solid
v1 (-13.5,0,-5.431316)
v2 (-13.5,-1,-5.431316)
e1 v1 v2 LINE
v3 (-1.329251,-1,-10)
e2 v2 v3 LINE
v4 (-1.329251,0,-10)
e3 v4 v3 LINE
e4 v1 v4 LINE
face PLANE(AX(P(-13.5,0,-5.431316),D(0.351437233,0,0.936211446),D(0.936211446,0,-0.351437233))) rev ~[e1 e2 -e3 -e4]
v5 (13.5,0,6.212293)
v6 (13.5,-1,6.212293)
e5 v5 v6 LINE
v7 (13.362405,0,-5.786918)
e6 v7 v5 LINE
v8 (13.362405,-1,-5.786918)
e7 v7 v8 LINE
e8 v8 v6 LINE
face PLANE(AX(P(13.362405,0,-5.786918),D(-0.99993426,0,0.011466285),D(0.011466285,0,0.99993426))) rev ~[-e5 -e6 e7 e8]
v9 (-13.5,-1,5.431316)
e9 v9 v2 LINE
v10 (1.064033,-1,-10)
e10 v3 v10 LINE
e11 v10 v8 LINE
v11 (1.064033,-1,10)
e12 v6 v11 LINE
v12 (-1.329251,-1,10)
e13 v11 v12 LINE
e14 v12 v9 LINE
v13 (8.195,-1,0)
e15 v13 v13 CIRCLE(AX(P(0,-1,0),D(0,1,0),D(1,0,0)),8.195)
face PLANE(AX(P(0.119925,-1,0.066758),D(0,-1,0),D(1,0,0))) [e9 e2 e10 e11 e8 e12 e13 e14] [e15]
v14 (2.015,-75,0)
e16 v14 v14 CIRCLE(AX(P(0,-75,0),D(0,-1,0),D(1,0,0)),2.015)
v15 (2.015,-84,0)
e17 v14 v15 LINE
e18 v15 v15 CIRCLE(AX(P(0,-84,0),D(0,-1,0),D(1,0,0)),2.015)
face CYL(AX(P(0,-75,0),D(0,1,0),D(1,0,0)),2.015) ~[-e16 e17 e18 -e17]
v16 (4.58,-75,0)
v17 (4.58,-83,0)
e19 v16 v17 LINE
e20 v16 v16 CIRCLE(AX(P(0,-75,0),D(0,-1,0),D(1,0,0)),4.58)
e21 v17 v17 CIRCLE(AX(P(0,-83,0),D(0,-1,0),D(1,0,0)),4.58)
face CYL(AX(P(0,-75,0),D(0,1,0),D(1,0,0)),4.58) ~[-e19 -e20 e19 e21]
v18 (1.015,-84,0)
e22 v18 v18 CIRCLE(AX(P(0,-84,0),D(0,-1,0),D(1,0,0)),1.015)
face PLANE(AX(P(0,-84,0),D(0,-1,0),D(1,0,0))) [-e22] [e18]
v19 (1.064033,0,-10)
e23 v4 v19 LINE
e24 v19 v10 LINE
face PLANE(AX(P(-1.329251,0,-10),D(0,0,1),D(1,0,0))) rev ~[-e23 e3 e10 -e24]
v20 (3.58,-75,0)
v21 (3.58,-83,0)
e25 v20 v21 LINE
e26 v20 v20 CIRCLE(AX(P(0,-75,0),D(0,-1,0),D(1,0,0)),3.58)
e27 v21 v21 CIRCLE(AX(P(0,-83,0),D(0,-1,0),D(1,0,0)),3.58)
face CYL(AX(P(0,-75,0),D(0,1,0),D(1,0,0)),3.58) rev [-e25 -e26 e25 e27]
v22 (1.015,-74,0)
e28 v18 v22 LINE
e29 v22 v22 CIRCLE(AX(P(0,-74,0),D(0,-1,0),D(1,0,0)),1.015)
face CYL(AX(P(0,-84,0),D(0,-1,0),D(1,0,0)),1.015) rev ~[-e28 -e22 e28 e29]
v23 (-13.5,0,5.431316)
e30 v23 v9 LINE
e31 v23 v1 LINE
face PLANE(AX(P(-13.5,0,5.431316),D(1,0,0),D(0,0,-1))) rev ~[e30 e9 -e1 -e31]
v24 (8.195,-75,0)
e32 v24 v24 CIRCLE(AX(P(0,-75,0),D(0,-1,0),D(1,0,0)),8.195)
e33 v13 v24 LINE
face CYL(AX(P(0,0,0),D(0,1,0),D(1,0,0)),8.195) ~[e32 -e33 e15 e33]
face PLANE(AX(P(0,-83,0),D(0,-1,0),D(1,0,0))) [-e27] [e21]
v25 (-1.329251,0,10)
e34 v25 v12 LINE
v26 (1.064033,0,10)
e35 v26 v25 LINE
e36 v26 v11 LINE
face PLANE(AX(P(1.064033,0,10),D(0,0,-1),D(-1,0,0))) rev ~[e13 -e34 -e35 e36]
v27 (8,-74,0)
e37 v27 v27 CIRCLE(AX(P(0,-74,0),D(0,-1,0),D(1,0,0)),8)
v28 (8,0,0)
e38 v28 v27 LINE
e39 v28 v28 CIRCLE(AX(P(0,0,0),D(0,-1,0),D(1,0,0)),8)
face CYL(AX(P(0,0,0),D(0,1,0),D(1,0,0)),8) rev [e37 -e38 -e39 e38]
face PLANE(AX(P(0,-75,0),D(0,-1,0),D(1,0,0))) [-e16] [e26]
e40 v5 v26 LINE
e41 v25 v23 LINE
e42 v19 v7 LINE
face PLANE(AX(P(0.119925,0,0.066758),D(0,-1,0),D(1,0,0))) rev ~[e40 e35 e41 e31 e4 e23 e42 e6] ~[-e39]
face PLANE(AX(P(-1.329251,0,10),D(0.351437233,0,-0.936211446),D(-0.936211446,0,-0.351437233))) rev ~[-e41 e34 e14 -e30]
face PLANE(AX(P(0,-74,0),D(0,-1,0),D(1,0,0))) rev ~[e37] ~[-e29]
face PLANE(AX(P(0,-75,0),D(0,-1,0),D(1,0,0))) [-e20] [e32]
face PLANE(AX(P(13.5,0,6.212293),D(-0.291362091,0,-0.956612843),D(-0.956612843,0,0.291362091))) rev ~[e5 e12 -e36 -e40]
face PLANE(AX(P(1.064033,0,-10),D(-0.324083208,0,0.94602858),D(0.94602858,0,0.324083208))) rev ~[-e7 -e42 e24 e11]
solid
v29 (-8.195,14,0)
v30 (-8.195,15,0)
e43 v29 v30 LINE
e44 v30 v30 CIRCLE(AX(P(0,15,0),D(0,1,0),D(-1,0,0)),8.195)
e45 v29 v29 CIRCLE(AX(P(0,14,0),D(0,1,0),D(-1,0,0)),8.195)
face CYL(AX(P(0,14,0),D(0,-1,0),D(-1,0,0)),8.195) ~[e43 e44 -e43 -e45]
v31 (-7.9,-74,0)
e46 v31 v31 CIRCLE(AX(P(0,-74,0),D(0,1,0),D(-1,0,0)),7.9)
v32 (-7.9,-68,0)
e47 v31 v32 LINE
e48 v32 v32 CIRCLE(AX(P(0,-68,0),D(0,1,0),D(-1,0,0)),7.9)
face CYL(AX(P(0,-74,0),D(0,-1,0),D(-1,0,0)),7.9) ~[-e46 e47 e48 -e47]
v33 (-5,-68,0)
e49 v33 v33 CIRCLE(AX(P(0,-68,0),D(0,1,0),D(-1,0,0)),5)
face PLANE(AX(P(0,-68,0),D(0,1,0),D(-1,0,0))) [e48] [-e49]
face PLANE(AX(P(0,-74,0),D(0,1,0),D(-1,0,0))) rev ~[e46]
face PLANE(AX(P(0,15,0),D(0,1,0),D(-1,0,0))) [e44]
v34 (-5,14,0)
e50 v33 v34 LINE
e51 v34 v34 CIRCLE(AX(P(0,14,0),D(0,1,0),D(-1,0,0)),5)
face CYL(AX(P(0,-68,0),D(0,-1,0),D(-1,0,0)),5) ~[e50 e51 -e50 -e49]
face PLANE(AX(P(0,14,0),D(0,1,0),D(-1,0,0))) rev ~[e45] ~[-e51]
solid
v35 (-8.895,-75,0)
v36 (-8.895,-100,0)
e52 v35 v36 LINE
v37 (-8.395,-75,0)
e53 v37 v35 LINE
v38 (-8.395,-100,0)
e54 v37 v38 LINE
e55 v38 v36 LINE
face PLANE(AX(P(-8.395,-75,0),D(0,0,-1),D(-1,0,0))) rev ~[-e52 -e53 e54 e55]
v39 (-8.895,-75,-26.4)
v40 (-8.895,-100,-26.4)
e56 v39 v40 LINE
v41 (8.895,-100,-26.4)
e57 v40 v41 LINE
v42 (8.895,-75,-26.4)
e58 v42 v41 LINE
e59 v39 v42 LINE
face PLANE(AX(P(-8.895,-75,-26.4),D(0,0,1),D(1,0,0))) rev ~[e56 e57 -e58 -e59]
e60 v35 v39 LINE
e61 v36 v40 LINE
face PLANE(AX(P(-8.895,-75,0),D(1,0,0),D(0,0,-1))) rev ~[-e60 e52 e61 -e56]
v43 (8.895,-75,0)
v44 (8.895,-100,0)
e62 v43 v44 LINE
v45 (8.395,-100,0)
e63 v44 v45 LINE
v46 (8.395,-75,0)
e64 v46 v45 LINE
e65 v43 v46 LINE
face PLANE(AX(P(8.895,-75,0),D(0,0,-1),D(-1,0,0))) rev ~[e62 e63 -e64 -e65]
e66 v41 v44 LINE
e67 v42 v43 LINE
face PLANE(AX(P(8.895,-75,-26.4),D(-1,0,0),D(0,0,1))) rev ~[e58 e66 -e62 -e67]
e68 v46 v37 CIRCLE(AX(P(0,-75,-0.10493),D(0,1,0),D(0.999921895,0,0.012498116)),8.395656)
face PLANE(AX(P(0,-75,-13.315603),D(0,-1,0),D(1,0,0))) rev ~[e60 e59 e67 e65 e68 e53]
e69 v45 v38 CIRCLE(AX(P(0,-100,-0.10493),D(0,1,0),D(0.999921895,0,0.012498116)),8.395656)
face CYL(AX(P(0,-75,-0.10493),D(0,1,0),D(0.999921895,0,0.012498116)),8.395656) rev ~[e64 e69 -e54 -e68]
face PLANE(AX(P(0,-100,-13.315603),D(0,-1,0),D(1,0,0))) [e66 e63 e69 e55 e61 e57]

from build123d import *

# Parameters (mm, degrees)
F0_R      = 8.195
F1_DEPTH  = 75
F2_R      = 7.5
F3_DEPTH  = 1
F4_R      = 8
F5_DEPTH  = 74
F6_R      = 4.58
F6_R_2    = 3.58
F7_DEPTH  = 8
F8_R      = 2.015
F9_DEPTH  = 9
F10_R     = 1.015
F11_DEPTH = 75
F12_R     = 7.9
F13_DEPTH = 6
F14_R     = 5
F15_DEPTH = 82
F16_R     = 8.195
F17_DEPTH = 1
F19_DEPTH = 25


with BuildPart() as f1:
    # F0 (on Front) → F1 (new body)
    with BuildSketch(Plane.XZ):
        Circle(F0_R)
    extrude(amount=F1_DEPTH)

    # F2 (on Front) → F3 (join)
    with BuildSketch(Plane.XZ):
        Polygon((-1.3292512043, 10), (-13.5, 5.4313159715), (-13.5, -5.4313159715), (-1.3292512043, -10), (1.0640330359, -10), (13.3624045773, -5.7869182979), (13.5, 6.2122928219), (1.0640330359, 10), align=None)
        Circle(F2_R, mode=Mode.SUBTRACT)
    extrude(amount=F3_DEPTH)

    # F4 (on Front) → F5 (cut)
    with BuildSketch(Plane.XZ):
        Circle(F4_R)
    extrude(amount=F5_DEPTH, mode=Mode.SUBTRACT)

    # F6 (on face) → F7 (join)
    with BuildSketch(Plane.XZ.offset(75)):
        Circle(F6_R)
        Circle(F6_R_2, mode=Mode.SUBTRACT)
    extrude(amount=F7_DEPTH)

    # F8 (on face) → F9 (join)
    with BuildSketch(Plane.XZ.offset(75)):
        Circle(F8_R)
    extrude(amount=F9_DEPTH)

    # F10 (on face) → F11 (cut)
    with BuildSketch(Plane.XZ.offset(84)):
        Circle(F10_R)
    extrude(amount=-F11_DEPTH, mode=Mode.SUBTRACT)


with BuildPart() as f13:
    # F12 (on face) → F13 (new body)
    with BuildSketch(Plane(origin=(0, -74, 0), x_dir=(-1, 0, 0), z_dir=(0, 1, 0))):
        Circle(F12_R)
    extrude(amount=F13_DEPTH)

    # F14 (on face) → F15 (join)
    with BuildSketch(Plane(origin=(0, -68, 0), x_dir=(-1, 0, 0), z_dir=(0, 1, 0))):
        Circle(F14_R)
    extrude(amount=F15_DEPTH)

    # F16 (on face) → F17 (join)
    with BuildSketch(Plane(origin=(0, 14, 0), x_dir=(-1, 0, 0), z_dir=(0, 1, 0))):
        Circle(F16_R)
    extrude(amount=F17_DEPTH)


with BuildPart() as f19:
    # F18 (on face) → F19 (new body)
    with BuildSketch(Plane.XZ.offset(75)):
        with BuildLine():
            ThreePointArc((8.395, 0), (0, -8.5005856218), (-8.395, 0))
            Line((-8.395, 0), (-8.895, 0))
            Line((-8.895, 0), (-8.895, -26.4))
            Line((-8.895, -26.4), (8.895, -26.4))
            Line((8.895, -26.4), (8.895, 0))
            Line((8.895, 0), (8.395, 0))
        make_face()
    extrude(amount=F19_DEPTH)


solid = Compound([f1.part, f13.part, f19.part])
